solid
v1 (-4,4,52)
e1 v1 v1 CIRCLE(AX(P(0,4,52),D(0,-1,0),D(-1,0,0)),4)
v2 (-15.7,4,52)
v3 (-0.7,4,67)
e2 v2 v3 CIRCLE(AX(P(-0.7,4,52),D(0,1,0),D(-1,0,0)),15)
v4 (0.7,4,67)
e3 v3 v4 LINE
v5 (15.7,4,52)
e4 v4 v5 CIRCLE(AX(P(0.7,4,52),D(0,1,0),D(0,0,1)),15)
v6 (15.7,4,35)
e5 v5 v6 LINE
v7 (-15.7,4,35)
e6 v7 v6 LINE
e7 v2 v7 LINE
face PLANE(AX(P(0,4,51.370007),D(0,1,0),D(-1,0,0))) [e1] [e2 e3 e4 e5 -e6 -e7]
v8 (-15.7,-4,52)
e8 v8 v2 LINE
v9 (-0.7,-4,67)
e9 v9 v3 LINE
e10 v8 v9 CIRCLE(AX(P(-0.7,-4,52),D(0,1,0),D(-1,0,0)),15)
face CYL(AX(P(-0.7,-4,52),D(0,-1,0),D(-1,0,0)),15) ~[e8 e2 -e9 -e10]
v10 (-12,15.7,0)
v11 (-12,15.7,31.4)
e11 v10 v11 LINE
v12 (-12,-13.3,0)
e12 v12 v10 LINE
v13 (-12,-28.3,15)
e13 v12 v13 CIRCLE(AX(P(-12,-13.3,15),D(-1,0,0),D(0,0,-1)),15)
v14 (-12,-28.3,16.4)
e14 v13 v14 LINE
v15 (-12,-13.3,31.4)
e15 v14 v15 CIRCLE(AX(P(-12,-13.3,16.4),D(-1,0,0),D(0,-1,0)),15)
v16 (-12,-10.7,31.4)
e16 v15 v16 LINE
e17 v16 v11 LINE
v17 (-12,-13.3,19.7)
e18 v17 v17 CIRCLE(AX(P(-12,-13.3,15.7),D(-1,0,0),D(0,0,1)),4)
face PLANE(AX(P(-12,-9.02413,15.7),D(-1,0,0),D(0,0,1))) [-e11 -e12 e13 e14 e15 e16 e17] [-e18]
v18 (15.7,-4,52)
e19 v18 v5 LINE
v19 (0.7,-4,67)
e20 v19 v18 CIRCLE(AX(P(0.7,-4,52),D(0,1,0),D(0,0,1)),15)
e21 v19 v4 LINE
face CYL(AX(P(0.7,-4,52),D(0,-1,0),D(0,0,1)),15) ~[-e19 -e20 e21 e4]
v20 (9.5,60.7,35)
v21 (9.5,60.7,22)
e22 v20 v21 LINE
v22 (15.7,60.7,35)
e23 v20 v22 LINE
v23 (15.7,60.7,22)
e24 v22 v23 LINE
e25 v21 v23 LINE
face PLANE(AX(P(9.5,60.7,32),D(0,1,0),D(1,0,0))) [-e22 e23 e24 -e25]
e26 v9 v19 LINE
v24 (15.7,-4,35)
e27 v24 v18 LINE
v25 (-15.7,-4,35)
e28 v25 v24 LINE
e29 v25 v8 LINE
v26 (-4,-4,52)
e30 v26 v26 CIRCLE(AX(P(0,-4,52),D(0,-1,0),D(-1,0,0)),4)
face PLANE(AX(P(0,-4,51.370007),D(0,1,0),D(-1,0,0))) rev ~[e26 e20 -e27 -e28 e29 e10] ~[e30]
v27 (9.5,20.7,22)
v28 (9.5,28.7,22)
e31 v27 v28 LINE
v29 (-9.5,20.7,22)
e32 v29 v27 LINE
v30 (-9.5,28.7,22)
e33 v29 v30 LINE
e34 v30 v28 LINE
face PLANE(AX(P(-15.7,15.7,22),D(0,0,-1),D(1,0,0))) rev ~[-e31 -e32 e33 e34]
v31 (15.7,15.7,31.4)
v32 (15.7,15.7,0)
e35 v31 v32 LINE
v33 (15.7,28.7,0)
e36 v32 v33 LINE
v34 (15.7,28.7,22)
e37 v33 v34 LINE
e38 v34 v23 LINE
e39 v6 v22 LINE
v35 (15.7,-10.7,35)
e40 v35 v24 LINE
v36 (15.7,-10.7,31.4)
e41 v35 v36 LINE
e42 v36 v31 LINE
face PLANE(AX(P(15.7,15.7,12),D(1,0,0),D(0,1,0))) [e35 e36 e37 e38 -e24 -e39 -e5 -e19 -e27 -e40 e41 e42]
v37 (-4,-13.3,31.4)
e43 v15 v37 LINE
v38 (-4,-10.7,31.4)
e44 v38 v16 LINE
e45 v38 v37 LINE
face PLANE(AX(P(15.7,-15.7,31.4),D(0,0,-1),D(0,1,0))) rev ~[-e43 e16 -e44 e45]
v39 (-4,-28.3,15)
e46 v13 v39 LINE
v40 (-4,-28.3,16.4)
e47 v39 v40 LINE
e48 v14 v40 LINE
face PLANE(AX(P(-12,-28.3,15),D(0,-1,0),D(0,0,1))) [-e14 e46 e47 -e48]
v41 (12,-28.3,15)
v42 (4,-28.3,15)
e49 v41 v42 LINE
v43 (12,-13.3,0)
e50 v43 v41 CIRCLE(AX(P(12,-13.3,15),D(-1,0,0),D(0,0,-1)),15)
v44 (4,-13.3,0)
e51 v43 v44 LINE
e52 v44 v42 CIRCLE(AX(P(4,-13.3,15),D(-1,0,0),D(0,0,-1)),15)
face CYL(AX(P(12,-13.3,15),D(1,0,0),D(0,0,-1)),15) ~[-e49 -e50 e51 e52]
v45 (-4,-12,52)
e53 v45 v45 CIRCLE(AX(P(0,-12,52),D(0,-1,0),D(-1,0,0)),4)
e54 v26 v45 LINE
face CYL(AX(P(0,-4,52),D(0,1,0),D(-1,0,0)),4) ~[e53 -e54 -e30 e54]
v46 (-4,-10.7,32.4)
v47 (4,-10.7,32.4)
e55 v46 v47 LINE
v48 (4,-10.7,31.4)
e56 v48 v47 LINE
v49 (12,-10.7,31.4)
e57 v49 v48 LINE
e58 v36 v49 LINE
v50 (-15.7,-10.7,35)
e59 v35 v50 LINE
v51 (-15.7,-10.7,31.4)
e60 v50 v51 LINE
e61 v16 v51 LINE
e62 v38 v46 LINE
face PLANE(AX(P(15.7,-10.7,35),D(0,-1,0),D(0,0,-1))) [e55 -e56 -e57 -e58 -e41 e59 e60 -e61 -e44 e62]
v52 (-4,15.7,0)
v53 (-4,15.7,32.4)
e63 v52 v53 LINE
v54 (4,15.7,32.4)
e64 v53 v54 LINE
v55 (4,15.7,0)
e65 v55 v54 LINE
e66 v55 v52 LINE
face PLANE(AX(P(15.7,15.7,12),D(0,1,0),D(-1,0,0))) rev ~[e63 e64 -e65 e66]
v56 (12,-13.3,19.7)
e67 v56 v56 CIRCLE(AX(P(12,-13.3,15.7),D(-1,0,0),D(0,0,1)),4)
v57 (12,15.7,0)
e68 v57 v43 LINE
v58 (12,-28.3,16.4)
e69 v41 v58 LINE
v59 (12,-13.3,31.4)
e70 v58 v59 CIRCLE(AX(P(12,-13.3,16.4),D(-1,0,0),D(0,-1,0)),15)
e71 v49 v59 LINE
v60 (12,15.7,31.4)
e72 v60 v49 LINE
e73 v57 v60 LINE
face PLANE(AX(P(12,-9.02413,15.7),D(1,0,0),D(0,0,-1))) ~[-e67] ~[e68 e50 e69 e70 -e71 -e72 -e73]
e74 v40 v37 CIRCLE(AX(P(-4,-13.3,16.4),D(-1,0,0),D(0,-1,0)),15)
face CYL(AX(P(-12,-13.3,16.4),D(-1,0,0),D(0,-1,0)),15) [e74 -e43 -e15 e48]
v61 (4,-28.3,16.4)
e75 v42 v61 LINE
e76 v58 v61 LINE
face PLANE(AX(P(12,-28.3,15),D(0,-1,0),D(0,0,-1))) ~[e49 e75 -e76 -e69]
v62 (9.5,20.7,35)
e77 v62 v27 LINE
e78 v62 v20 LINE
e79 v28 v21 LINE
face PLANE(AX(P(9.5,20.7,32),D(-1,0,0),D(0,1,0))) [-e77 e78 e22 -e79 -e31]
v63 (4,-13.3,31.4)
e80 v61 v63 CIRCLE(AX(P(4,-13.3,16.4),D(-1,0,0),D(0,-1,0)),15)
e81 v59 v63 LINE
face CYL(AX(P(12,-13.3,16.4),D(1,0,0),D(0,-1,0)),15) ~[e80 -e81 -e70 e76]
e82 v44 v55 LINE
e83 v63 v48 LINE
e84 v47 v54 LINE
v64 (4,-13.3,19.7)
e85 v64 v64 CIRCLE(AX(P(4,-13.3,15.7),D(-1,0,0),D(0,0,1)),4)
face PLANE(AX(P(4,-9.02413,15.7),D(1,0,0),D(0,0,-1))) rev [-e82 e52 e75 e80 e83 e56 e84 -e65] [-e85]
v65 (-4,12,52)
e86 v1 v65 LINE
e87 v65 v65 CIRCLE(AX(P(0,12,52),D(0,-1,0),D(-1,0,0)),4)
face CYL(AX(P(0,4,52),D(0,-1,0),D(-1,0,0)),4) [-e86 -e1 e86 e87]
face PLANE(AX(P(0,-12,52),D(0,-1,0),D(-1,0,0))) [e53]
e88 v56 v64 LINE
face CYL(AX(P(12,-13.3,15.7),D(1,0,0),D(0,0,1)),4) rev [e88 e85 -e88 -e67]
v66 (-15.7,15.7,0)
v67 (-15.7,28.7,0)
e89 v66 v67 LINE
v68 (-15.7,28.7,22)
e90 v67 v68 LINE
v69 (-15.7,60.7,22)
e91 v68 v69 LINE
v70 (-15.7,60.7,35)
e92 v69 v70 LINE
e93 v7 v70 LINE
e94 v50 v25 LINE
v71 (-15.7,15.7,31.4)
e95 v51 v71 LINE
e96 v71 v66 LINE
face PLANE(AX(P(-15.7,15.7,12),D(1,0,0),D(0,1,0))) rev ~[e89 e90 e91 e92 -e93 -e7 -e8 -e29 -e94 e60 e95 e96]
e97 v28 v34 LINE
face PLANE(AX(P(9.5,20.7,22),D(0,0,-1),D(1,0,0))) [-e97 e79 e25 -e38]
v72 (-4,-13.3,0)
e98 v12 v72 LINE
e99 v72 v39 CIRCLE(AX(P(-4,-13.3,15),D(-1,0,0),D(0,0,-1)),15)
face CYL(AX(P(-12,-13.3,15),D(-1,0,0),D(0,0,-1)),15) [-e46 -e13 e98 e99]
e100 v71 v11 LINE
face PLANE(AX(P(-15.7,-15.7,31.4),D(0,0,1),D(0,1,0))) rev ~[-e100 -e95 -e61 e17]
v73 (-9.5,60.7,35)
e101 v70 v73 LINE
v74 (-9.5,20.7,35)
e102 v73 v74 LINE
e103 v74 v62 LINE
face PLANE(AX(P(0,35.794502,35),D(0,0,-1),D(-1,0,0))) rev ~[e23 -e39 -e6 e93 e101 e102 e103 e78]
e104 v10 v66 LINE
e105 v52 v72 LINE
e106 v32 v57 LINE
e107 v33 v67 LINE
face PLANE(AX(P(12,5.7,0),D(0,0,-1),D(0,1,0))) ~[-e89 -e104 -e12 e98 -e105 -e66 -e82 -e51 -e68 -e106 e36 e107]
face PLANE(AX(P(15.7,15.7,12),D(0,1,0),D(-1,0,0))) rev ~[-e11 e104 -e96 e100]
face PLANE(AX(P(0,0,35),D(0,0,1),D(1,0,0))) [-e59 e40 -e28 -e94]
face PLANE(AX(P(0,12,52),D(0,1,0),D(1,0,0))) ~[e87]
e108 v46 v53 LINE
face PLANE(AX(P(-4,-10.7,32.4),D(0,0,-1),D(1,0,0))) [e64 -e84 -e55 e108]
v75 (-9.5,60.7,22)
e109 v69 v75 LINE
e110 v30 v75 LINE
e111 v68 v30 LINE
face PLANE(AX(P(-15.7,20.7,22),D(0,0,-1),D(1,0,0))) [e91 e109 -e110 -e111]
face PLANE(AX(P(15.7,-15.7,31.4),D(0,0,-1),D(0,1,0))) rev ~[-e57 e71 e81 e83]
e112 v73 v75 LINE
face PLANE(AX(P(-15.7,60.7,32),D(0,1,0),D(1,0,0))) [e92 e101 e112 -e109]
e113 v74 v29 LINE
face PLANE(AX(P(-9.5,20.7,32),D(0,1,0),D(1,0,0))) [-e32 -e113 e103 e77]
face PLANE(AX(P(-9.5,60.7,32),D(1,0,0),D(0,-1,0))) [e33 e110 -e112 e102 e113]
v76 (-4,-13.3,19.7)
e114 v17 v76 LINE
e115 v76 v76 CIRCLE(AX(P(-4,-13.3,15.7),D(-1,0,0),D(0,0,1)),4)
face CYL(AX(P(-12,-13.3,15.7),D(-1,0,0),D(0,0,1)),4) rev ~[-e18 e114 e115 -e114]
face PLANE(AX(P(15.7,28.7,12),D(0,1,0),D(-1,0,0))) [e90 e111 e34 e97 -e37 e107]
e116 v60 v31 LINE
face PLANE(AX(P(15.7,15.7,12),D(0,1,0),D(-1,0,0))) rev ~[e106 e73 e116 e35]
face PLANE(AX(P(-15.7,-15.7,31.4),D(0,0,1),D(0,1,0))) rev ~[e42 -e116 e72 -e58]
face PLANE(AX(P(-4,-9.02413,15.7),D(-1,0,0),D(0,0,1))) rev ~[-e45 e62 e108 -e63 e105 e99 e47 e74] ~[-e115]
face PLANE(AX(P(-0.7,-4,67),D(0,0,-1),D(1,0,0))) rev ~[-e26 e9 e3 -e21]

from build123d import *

# Parameters (mm, degrees)
SKETCH4_W            = 31.4
SKETCH4_H            = 31.4
SKETCH4_W_2          = 25.4
SKETCH4_H_2          = 25.4
BOSS_EXTRUDE3_DEPTH  = 30
SKETCH5_W            = 31.4
SKETCH5_H            = 31.4
BOSS_EXTRUDE4_DEPTH  = 5
SKETCH6_W            = 31.4
SKETCH6_H            = 8
BOSS_EXTRUDE5_DEPTH  = 5
BOSS_EXTRUDE6_DEPTH  = 8
SKETCH8_R            = 4
BOSS_EXTRUDE7_DEPTH  = 8
SKETCH9_W            = 31.4
SKETCH9_H            = 10
BOSS_EXTRUDE8_DEPTH  = 5
SKETCH10_W           = 31.4
SKETCH10_H           = 10
BOSS_EXTRUDE9_DEPTH  = 13
SKETCH11_W           = 6.2
SKETCH11_H           = 10
BOSS_EXTRUDE10_DEPTH = 40
BOSS_EXTRUDE11_DEPTH = 3
SKETCH13_W           = 31.4
SKETCH13_H           = 31.4
CUT_EXTRUDE1_DEPTH   = 31.4
SKETCH15_W           = 31.4
SKETCH15_H           = 13
BOSS_EXTRUDE12_DEPTH = 12
SKETCH17_W           = 8
SKETCH17_H           = 31.4
BOSS_EXTRUDE13_DEPTH = 10
SKETCH18_R           = 4
BOSS_EXTRUDE14_DEPTH = 8
SKETCH19_W           = 3.6
SKETCH19_H           = 5
CUT_EXTRUDE2_DEPTH   = 31.4
SKETCH20_W           = 8
SKETCH20_H           = 1
CUT_EXTRUDE3_DEPTH   = 26.4


with BuildPart() as part:
    # Sketch4 → Boss-Extrude3 (new body)
    with BuildSketch(Plane.XY):
        Rectangle(SKETCH4_W, SKETCH4_H)
        Rectangle(SKETCH4_W_2, SKETCH4_H_2, mode=Mode.SUBTRACT)
    extrude(amount=BOSS_EXTRUDE3_DEPTH)

    # Sketch5 → Boss-Extrude4 (add)
    with BuildSketch(Plane.XY.offset(30)):
        Rectangle(SKETCH5_W, SKETCH5_H)
    extrude(amount=BOSS_EXTRUDE4_DEPTH)

    # Sketch6 → Boss-Extrude5 (add)
    with BuildSketch(Plane.XY.offset(35)):
        Rectangle(SKETCH6_W, SKETCH6_H)
    extrude(amount=BOSS_EXTRUDE5_DEPTH)

    # Sketch7 → Boss-Extrude6 (add)
    with BuildSketch(Plane.XZ.offset(4)):
        with BuildLine():
            Line((-15.7, 40), (-15.7, 52))
            ThreePointArc((-15.7, 52), (-11.306601718, 62.606601718), (-0.7, 67))
            Line((-0.7, 67), (0.7, 67))
            ThreePointArc((0.7, 67), (11.306601718, 62.606601718), (15.7, 52))
            Line((15.7, 52), (15.7, 40))
            Line((15.7, 40), (-15.7, 40))
        make_face()
    extrude(amount=-BOSS_EXTRUDE6_DEPTH)

    # Sketch8 → Boss-Extrude7 (add)
    with BuildSketch(Plane.XZ.offset(4)):
        with Locations(Location((0, 52, 0), (0, 0, 180))):
            Circle(SKETCH8_R)
    boss_extrude7 = extrude(amount=BOSS_EXTRUDE7_DEPTH)

    # Mirror1: Boss-Extrude7 across plane
    add(boss_extrude7.mirror(Plane.ZX))

    # Sketch9 → Boss-Extrude8 (add)
    with BuildSketch(Plane(origin=(0, 15.7, 0), x_dir=(1, 0, 0), z_dir=(0, 1, 0))):
        with Locations((0, -27)):
            Rectangle(SKETCH9_W, SKETCH9_H)
    extrude(amount=BOSS_EXTRUDE8_DEPTH)

    # Sketch10 → Boss-Extrude9 (add)
    with BuildSketch(Plane(origin=(0, 15.7, 0), x_dir=(1, 0, 0), z_dir=(0, 1, 0))):
        with Locations((0, -17)):
            Rectangle(SKETCH10_W, SKETCH10_H)
    extrude(amount=BOSS_EXTRUDE9_DEPTH)

    # Sketch11 → Boss-Extrude10 (add)
    with BuildSketch(Plane(origin=(0, 20.7, 0), x_dir=(1, 0, 0), z_dir=(0, 1, 0))):
        with Locations((-12.6, -27)):
            Rectangle(SKETCH11_W, SKETCH11_H)
        with Locations((12.6, -27)):
            Rectangle(SKETCH11_W, SKETCH11_H)
    extrude(amount=BOSS_EXTRUDE10_DEPTH)

    # Sketch12 → Boss-Extrude11 (add)
    with BuildSketch(Plane.XY.offset(32)):
        Polygon((-15.7, 60.7), (-9.5, 60.7), (-9.5, 20.7), (9.5, 20.7), (9.5, 60.7), (15.7, 60.7), (15.7, 15.7), (-15.7, 15.7), align=None)
    extrude(amount=BOSS_EXTRUDE11_DEPTH)

    # Sketch13 → Cut-Extrude1 (cut)
    with BuildSketch(Plane.ZY.offset(15.7)):
        with Locations((15.7, 0)):
            Rectangle(SKETCH13_W, SKETCH13_H)
    extrude(amount=-CUT_EXTRUDE1_DEPTH, mode=Mode.SUBTRACT)

    # Sketch15 → Boss-Extrude12 (add)
    with BuildSketch(Plane(origin=(0, 0, 12), x_dir=(-1, 0, 0), z_dir=(0, 0, -1))):
        with Locations((0, 22.2)):
            Rectangle(SKETCH15_W, SKETCH15_H)
    extrude(amount=BOSS_EXTRUDE12_DEPTH)

    # Sketch17 → Boss-Extrude13 (add)
    with BuildSketch(Plane.XZ.offset(-15.7)):
        with Locations((-8, 15.7)):
            Rectangle(SKETCH17_W, SKETCH17_H)
    boss_extrude13 = extrude(amount=BOSS_EXTRUDE13_DEPTH)

    # Sketch18 → Boss-Extrude14 (add)
    with BuildSketch(Plane.ZY.offset(12)):
        with BuildLine():
            Line((31.4, 5.7), (0, 5.7))
            Line((0, 5.7), (0, -13.3))
            ThreePointArc((0, -13.3), (4.393398282, -23.906601718), (15, -28.3))
            Line((15, -28.3), (16.4, -28.3))
            ThreePointArc((16.4, -28.3), (27.006601718, -23.906601718), (31.4, -13.3))
            Line((31.4, -13.3), (31.4, 5.7))
        make_face()
        with Locations((15.7, -13.3)):
            Circle(SKETCH18_R, mode=Mode.SUBTRACT)
    boss_extrude14 = extrude(amount=-BOSS_EXTRUDE14_DEPTH)

    # Mirror3: Boss-Extrude13, Boss-Extrude14 across plane
    add(boss_extrude13.mirror(Plane(origin=(0, 0, 0), x_dir=(0, 0, 1), z_dir=(1, 0, 0))))
    add(boss_extrude14.mirror(Plane(origin=(0, 0, 0), x_dir=(0, 0, 1), z_dir=(1, 0, 0))))

    # Sketch19 → Cut-Extrude2 (cut)
    with BuildSketch(Plane(origin=(15.7, 0, 0), x_dir=(0, 0, -1), z_dir=(1, 0, 0))):
        with Locations((-33.2, -13.2)):
            Rectangle(SKETCH19_W, SKETCH19_H)
    extrude(amount=-CUT_EXTRUDE2_DEPTH, mode=Mode.SUBTRACT)

    # Sketch20 → Cut-Extrude3 (cut)
    with BuildSketch(Plane.XZ.offset(10.7)):
        with Locations((0, 31.9)):
            Rectangle(SKETCH20_W, SKETCH20_H)
    extrude(amount=-CUT_EXTRUDE3_DEPTH, mode=Mode.SUBTRACT)


solid = part.part
